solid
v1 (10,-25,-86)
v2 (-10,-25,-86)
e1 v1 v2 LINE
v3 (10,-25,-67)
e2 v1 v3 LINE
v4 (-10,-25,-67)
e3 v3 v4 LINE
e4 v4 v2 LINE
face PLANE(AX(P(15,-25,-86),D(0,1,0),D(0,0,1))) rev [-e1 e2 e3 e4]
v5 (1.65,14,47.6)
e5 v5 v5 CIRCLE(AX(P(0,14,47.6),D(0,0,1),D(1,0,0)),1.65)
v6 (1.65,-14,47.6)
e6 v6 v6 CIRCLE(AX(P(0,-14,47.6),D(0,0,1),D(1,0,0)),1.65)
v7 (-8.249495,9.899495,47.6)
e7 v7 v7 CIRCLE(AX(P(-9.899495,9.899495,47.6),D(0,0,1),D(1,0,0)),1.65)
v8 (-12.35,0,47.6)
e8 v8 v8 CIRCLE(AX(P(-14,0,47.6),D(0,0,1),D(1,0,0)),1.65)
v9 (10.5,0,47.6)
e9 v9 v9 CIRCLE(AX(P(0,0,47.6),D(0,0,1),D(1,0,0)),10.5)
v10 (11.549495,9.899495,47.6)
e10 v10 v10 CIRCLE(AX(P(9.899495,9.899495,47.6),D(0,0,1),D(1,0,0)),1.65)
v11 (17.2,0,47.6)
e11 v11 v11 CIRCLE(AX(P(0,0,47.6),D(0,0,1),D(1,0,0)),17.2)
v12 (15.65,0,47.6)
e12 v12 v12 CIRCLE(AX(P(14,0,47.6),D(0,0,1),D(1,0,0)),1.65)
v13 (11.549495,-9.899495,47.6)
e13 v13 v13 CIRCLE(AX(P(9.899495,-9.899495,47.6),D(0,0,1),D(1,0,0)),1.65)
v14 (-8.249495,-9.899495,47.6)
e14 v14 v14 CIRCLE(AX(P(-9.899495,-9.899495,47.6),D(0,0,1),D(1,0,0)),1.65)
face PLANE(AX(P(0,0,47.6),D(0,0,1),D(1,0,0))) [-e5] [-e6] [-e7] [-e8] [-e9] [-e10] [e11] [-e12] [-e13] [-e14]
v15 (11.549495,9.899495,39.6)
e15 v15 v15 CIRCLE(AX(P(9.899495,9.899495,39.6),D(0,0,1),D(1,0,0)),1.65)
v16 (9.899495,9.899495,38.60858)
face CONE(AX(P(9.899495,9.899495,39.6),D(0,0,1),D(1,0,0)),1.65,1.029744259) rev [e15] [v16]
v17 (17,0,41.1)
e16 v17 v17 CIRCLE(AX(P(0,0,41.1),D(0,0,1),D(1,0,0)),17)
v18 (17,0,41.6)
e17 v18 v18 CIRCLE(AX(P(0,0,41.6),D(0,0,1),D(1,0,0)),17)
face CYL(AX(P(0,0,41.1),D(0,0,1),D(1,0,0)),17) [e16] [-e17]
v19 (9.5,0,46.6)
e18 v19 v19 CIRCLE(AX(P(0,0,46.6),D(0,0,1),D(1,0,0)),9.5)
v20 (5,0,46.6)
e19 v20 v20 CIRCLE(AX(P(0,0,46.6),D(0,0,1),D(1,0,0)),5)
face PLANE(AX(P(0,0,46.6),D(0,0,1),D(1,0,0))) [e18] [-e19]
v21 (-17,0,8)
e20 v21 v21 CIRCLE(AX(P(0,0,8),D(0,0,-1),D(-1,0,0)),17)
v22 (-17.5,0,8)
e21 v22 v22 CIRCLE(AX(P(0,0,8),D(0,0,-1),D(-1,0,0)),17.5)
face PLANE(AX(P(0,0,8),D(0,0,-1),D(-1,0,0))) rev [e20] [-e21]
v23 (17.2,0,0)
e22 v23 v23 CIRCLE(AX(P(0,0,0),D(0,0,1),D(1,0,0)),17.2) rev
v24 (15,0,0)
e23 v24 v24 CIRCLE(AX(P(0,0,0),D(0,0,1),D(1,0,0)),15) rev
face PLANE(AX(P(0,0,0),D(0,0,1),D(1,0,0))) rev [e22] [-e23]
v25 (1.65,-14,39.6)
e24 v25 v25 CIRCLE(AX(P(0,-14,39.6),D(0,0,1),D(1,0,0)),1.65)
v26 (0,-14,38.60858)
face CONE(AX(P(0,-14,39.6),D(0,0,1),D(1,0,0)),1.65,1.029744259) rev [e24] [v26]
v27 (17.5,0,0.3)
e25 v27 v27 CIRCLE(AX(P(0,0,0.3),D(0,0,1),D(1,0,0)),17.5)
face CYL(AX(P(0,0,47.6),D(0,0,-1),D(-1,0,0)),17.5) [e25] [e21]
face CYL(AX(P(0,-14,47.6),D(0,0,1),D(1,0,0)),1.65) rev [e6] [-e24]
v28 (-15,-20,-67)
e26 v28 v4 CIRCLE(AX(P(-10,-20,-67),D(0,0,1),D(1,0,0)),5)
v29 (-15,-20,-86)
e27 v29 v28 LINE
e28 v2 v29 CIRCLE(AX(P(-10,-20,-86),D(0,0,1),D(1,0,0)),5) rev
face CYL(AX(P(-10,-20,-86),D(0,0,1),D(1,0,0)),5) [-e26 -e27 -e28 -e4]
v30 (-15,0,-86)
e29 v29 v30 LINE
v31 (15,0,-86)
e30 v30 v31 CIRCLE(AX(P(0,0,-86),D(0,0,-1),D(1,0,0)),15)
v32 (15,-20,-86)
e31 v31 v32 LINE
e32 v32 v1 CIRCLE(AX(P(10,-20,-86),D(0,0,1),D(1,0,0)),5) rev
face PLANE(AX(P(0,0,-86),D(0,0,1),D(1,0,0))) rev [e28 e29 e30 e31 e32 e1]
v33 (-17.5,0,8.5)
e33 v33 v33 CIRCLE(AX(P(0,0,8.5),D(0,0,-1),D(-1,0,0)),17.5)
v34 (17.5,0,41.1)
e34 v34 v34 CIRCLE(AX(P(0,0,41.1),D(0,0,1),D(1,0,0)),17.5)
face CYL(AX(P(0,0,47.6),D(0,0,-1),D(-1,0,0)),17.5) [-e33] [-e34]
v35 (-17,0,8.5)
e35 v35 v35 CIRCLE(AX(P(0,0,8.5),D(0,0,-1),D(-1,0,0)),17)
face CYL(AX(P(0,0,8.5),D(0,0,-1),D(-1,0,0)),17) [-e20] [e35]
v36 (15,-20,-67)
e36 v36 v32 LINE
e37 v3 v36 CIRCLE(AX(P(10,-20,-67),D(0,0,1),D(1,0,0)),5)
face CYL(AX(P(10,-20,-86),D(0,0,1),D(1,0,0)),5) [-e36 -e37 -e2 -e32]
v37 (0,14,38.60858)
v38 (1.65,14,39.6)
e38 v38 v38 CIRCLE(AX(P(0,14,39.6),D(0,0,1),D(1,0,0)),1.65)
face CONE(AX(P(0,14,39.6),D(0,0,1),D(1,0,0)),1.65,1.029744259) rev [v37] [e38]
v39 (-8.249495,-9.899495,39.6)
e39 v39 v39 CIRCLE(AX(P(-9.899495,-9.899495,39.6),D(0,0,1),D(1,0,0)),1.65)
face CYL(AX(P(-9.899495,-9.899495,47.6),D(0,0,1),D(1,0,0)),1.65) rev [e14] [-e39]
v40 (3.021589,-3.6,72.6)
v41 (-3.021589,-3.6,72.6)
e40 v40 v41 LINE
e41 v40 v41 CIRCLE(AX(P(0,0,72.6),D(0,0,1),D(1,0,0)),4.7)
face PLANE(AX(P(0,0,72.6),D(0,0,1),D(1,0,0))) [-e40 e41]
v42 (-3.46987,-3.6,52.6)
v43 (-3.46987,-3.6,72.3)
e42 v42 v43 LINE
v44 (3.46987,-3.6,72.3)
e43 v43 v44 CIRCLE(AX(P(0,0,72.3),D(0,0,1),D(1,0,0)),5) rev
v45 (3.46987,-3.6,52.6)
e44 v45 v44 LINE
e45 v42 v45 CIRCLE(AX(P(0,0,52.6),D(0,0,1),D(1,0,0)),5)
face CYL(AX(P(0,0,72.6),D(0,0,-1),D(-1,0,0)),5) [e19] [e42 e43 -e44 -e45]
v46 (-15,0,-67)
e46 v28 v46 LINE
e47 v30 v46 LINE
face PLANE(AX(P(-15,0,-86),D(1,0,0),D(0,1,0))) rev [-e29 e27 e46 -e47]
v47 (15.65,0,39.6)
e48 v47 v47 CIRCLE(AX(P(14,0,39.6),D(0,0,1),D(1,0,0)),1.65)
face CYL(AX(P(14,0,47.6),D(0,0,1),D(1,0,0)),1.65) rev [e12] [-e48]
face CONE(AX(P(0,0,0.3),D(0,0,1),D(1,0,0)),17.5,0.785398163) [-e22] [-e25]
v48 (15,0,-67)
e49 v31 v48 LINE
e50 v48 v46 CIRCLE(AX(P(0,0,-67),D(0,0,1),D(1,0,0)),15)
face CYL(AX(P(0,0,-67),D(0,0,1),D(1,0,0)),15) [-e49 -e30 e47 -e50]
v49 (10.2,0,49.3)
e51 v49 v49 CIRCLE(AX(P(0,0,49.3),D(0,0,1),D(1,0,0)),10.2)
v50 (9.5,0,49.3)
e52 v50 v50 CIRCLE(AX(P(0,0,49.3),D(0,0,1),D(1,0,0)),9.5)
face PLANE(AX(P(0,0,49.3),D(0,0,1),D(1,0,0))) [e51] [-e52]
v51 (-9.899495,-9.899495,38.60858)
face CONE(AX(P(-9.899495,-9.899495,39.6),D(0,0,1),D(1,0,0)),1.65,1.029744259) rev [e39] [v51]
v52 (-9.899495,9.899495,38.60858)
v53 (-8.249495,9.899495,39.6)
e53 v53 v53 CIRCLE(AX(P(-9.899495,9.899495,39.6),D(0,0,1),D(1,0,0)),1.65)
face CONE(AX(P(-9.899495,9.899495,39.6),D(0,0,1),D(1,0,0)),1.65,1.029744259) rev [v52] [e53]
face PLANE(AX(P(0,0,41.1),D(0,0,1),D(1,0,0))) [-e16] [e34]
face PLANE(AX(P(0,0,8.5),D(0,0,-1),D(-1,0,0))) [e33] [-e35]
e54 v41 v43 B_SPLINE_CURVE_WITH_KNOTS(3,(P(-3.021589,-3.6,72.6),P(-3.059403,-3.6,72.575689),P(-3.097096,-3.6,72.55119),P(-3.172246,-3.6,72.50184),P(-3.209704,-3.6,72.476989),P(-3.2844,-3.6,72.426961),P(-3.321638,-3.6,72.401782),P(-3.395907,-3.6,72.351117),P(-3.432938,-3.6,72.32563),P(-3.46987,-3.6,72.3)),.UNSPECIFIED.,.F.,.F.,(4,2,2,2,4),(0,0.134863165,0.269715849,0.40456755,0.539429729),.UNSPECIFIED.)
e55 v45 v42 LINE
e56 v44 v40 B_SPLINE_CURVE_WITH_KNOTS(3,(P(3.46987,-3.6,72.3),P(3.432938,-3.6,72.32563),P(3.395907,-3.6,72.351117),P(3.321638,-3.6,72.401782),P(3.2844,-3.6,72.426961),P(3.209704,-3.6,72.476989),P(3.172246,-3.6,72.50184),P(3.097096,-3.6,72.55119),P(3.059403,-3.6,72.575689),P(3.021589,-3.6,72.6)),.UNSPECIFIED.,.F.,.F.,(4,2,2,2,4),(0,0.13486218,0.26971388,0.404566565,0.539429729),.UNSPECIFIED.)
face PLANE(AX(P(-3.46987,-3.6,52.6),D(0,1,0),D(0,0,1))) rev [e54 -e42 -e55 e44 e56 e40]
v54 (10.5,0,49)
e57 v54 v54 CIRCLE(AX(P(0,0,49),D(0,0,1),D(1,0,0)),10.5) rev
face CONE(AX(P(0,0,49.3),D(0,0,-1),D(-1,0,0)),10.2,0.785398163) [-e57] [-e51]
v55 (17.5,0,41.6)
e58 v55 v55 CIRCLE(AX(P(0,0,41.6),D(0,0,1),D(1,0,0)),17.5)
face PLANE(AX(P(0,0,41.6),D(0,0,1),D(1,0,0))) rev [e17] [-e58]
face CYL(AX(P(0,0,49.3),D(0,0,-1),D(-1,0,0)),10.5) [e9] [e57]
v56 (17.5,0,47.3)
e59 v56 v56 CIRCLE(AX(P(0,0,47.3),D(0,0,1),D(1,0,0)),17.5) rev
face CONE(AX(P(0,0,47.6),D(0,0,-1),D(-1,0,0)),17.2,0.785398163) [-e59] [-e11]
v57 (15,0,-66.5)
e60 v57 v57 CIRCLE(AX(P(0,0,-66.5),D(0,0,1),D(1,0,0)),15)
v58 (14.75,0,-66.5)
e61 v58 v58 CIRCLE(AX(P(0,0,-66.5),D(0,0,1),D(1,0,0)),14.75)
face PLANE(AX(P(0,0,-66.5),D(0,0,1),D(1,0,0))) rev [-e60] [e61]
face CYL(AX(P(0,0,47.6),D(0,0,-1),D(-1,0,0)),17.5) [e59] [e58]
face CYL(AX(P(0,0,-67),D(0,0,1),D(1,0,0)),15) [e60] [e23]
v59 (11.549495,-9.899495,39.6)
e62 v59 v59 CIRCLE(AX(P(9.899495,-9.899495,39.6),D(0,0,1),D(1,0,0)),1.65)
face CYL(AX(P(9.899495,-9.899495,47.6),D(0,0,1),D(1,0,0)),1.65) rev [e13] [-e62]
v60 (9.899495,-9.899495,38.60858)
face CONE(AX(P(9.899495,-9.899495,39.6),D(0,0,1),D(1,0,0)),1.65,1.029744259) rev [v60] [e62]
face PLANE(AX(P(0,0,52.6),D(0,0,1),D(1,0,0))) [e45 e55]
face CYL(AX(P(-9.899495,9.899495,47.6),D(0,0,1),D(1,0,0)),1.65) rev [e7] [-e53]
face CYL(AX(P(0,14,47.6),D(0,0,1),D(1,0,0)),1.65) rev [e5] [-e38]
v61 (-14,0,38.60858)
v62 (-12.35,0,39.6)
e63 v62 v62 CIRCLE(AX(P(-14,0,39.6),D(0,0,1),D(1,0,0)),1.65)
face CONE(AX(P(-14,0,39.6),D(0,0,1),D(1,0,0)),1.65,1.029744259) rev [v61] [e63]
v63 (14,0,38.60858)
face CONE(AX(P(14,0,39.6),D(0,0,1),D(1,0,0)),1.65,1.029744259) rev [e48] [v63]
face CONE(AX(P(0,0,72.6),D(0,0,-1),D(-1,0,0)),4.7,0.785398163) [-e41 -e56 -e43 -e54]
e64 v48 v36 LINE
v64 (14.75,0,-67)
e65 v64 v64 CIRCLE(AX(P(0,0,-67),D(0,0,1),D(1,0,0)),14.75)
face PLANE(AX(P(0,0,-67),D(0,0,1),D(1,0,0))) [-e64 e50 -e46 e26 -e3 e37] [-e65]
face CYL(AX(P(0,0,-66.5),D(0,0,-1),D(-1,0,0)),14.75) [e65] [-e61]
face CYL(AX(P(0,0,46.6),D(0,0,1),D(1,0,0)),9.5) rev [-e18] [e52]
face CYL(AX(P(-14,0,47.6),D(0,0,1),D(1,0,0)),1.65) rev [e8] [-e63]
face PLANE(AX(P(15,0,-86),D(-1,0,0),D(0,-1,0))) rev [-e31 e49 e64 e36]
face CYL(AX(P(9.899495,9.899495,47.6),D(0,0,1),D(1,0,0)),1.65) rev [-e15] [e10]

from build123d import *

# Parameters (mm, degrees)
SKETCH_1_R             = 17.5
EXTRUDE_1_DEPTH        = 47.6
SKETCH_2_R             = 9.5
CUT_EXTRUDE_1_DEPTH    = 1
SKETCH_3_R             = 10.5
SKETCH_3_R_2           = 9.5
EXTRUDE_2_DEPTH        = 1.7
SKETCH_4_R             = 5
EXTRUDE_3_DEPTH        = 26
CUT_EXTRUDE_2_DEPTH    = 20
SKETCH_12_R            = 15
EXTRUDE_4_DEPTH        = 67
EXTRUDE_5_DEPTH        = 19
HOLE_WIZARD_M4_6_D     = 3.3
HOLE_WIZARD_M4_6_DEPTH = 8
HOLE_WIZARD_M4_6_TIP   = 0.991420021
SKETCH_18_R            = 17.5
SKETCH_18_R_2          = 17
CUT_EXTRUDE_5_DEPTH    = 0.5
SKETCH_19_R            = 17.5
SKETCH_19_R_2          = 17
CUT_EXTRUDE_6_DEPTH    = 0.5
SKETCH_20_R            = 15
SKETCH_20_R_2          = 14.75
CUT_EXTRUDE_7_DEPTH    = 0.5
CHAMFER_1_SIZE         = 0.3
CHAMFER_2_SIZE         = 0.3
FILLET_1_R             = 5


with BuildPart() as part:
    # 草图1 → 凸台-拉伸1 (new body)
    with BuildSketch(Plane.XY):
        Circle(SKETCH_1_R)
    extrude(amount=EXTRUDE_1_DEPTH)

    # 草图2 → 切除-拉伸1 (cut)
    with BuildSketch(Plane.XY.offset(47.6)):
        Circle(SKETCH_2_R)
    extrude(amount=-CUT_EXTRUDE_1_DEPTH, mode=Mode.SUBTRACT)

    # 草图3 → 凸台-拉伸2 (add)
    with BuildSketch(Plane.XY.offset(47.6)):
        Circle(SKETCH_3_R)
        Circle(SKETCH_3_R_2, mode=Mode.SUBTRACT)
    extrude(amount=EXTRUDE_2_DEPTH)

    # 草图4 → 凸台-拉伸3 (add)
    with BuildSketch(Plane.XY.offset(46.6)):
        Circle(SKETCH_4_R)
    extrude(amount=EXTRUDE_3_DEPTH)

    # 草图5 → 切除-拉伸2 (cut)
    with BuildSketch(Plane.XY.offset(72.6)):
        with BuildLine():
            Line((-3.469870315, -3.6), (3.469870315, -3.6))
            ThreePointArc((3.469870315, -3.6), (0, -5), (-3.469870315, -3.6))
        make_face()
    extrude(amount=-CUT_EXTRUDE_2_DEPTH, mode=Mode.SUBTRACT)

    # 草图12 → 凸台-拉伸4 (add)
    with BuildSketch(Plane(origin=(0, 0, 0), x_dir=(-1, 0, 0), z_dir=(0, 0, -1))):
        Circle(SKETCH_12_R)
    extrude(amount=EXTRUDE_4_DEPTH)

    # 草图15 → 凸台-拉伸5 (add)
    with BuildSketch(Plane(origin=(0, 0, -67), x_dir=(-1, 0, 0), z_dir=(0, 0, -1))):
        with BuildLine():
            Line((-15, 0), (-15, -25))
            Line((-15, -25), (15, -25))
            Line((15, -25), (15, 0))
            ThreePointArc((15, 0), (0, 15), (-15, 0))
        make_face()
    extrude(amount=EXTRUDE_5_DEPTH)

    # M4 螺纹孔6
    with Locations(Plane(origin=(0, 14, 47.6), x_dir=(1, 0, 0), z_dir=(0, 0, 1))):
        with Locations((0, 0), (-9.899494937, -4.100505063), (-14, -14), (-9.899494937, -23.899494937), (0, -28), (9.899494937, -23.899494937), (14, -14), (9.899494937, -4.100505063)):
            Hole(HOLE_WIZARD_M4_6_D / 2, depth=HOLE_WIZARD_M4_6_DEPTH)
            with Locations((0, 0, -(HOLE_WIZARD_M4_6_DEPTH + HOLE_WIZARD_M4_6_TIP / 2))):  # 118° drill point
                Cone(0, HOLE_WIZARD_M4_6_D / 2, HOLE_WIZARD_M4_6_TIP, mode=Mode.SUBTRACT)

    # 草图18 → 切除-拉伸5 (cut)
    with BuildSketch(Plane.XY.offset(41.6)):
        Circle(SKETCH_18_R)
        Circle(SKETCH_18_R_2, mode=Mode.SUBTRACT)
    extrude(amount=-CUT_EXTRUDE_5_DEPTH, mode=Mode.SUBTRACT)

    # 草图19 → 切除-拉伸6 (cut)
    with BuildSketch(Plane(origin=(0, 0, 8), x_dir=(-1, 0, 0), z_dir=(0, 0, -1))):
        Circle(SKETCH_19_R)
        Circle(SKETCH_19_R_2, mode=Mode.SUBTRACT)
    extrude(amount=-CUT_EXTRUDE_6_DEPTH, mode=Mode.SUBTRACT)

    # 草图20 → 切除-拉伸7 (cut)
    with BuildSketch(Plane.XY.offset(-67)):
        Circle(SKETCH_20_R)
        Circle(SKETCH_20_R_2, mode=Mode.SUBTRACT)
    extrude(amount=CUT_EXTRUDE_7_DEPTH, mode=Mode.SUBTRACT)

    # 倒角1
    chamfer_1_edges = [part.edges().sort_by_distance(p)[0] for p in [
        (-17.5, 0, 0),
        (-1.955843607, 4.601594918, 72.6),
        (-17.5, 0, 47.6),
    ]]
    chamfer(chamfer_1_edges, length=CHAMFER_1_SIZE)

    # 倒角2
    chamfer_2_edges = [part.edges().sort_by_distance(p)[0] for p in [
        (-10.5, 0, 49.3),
    ]]
    chamfer(chamfer_2_edges, length=CHAMFER_2_SIZE)

    # 圆角1
    fillet_1_edges = [part.edges().sort_by_distance(p)[0] for p in [
        (15, -25, -76.5),
        (-15, -25, -76.5),
    ]]
    fillet(fillet_1_edges, radius=FILLET_1_R)


solid = part.part
